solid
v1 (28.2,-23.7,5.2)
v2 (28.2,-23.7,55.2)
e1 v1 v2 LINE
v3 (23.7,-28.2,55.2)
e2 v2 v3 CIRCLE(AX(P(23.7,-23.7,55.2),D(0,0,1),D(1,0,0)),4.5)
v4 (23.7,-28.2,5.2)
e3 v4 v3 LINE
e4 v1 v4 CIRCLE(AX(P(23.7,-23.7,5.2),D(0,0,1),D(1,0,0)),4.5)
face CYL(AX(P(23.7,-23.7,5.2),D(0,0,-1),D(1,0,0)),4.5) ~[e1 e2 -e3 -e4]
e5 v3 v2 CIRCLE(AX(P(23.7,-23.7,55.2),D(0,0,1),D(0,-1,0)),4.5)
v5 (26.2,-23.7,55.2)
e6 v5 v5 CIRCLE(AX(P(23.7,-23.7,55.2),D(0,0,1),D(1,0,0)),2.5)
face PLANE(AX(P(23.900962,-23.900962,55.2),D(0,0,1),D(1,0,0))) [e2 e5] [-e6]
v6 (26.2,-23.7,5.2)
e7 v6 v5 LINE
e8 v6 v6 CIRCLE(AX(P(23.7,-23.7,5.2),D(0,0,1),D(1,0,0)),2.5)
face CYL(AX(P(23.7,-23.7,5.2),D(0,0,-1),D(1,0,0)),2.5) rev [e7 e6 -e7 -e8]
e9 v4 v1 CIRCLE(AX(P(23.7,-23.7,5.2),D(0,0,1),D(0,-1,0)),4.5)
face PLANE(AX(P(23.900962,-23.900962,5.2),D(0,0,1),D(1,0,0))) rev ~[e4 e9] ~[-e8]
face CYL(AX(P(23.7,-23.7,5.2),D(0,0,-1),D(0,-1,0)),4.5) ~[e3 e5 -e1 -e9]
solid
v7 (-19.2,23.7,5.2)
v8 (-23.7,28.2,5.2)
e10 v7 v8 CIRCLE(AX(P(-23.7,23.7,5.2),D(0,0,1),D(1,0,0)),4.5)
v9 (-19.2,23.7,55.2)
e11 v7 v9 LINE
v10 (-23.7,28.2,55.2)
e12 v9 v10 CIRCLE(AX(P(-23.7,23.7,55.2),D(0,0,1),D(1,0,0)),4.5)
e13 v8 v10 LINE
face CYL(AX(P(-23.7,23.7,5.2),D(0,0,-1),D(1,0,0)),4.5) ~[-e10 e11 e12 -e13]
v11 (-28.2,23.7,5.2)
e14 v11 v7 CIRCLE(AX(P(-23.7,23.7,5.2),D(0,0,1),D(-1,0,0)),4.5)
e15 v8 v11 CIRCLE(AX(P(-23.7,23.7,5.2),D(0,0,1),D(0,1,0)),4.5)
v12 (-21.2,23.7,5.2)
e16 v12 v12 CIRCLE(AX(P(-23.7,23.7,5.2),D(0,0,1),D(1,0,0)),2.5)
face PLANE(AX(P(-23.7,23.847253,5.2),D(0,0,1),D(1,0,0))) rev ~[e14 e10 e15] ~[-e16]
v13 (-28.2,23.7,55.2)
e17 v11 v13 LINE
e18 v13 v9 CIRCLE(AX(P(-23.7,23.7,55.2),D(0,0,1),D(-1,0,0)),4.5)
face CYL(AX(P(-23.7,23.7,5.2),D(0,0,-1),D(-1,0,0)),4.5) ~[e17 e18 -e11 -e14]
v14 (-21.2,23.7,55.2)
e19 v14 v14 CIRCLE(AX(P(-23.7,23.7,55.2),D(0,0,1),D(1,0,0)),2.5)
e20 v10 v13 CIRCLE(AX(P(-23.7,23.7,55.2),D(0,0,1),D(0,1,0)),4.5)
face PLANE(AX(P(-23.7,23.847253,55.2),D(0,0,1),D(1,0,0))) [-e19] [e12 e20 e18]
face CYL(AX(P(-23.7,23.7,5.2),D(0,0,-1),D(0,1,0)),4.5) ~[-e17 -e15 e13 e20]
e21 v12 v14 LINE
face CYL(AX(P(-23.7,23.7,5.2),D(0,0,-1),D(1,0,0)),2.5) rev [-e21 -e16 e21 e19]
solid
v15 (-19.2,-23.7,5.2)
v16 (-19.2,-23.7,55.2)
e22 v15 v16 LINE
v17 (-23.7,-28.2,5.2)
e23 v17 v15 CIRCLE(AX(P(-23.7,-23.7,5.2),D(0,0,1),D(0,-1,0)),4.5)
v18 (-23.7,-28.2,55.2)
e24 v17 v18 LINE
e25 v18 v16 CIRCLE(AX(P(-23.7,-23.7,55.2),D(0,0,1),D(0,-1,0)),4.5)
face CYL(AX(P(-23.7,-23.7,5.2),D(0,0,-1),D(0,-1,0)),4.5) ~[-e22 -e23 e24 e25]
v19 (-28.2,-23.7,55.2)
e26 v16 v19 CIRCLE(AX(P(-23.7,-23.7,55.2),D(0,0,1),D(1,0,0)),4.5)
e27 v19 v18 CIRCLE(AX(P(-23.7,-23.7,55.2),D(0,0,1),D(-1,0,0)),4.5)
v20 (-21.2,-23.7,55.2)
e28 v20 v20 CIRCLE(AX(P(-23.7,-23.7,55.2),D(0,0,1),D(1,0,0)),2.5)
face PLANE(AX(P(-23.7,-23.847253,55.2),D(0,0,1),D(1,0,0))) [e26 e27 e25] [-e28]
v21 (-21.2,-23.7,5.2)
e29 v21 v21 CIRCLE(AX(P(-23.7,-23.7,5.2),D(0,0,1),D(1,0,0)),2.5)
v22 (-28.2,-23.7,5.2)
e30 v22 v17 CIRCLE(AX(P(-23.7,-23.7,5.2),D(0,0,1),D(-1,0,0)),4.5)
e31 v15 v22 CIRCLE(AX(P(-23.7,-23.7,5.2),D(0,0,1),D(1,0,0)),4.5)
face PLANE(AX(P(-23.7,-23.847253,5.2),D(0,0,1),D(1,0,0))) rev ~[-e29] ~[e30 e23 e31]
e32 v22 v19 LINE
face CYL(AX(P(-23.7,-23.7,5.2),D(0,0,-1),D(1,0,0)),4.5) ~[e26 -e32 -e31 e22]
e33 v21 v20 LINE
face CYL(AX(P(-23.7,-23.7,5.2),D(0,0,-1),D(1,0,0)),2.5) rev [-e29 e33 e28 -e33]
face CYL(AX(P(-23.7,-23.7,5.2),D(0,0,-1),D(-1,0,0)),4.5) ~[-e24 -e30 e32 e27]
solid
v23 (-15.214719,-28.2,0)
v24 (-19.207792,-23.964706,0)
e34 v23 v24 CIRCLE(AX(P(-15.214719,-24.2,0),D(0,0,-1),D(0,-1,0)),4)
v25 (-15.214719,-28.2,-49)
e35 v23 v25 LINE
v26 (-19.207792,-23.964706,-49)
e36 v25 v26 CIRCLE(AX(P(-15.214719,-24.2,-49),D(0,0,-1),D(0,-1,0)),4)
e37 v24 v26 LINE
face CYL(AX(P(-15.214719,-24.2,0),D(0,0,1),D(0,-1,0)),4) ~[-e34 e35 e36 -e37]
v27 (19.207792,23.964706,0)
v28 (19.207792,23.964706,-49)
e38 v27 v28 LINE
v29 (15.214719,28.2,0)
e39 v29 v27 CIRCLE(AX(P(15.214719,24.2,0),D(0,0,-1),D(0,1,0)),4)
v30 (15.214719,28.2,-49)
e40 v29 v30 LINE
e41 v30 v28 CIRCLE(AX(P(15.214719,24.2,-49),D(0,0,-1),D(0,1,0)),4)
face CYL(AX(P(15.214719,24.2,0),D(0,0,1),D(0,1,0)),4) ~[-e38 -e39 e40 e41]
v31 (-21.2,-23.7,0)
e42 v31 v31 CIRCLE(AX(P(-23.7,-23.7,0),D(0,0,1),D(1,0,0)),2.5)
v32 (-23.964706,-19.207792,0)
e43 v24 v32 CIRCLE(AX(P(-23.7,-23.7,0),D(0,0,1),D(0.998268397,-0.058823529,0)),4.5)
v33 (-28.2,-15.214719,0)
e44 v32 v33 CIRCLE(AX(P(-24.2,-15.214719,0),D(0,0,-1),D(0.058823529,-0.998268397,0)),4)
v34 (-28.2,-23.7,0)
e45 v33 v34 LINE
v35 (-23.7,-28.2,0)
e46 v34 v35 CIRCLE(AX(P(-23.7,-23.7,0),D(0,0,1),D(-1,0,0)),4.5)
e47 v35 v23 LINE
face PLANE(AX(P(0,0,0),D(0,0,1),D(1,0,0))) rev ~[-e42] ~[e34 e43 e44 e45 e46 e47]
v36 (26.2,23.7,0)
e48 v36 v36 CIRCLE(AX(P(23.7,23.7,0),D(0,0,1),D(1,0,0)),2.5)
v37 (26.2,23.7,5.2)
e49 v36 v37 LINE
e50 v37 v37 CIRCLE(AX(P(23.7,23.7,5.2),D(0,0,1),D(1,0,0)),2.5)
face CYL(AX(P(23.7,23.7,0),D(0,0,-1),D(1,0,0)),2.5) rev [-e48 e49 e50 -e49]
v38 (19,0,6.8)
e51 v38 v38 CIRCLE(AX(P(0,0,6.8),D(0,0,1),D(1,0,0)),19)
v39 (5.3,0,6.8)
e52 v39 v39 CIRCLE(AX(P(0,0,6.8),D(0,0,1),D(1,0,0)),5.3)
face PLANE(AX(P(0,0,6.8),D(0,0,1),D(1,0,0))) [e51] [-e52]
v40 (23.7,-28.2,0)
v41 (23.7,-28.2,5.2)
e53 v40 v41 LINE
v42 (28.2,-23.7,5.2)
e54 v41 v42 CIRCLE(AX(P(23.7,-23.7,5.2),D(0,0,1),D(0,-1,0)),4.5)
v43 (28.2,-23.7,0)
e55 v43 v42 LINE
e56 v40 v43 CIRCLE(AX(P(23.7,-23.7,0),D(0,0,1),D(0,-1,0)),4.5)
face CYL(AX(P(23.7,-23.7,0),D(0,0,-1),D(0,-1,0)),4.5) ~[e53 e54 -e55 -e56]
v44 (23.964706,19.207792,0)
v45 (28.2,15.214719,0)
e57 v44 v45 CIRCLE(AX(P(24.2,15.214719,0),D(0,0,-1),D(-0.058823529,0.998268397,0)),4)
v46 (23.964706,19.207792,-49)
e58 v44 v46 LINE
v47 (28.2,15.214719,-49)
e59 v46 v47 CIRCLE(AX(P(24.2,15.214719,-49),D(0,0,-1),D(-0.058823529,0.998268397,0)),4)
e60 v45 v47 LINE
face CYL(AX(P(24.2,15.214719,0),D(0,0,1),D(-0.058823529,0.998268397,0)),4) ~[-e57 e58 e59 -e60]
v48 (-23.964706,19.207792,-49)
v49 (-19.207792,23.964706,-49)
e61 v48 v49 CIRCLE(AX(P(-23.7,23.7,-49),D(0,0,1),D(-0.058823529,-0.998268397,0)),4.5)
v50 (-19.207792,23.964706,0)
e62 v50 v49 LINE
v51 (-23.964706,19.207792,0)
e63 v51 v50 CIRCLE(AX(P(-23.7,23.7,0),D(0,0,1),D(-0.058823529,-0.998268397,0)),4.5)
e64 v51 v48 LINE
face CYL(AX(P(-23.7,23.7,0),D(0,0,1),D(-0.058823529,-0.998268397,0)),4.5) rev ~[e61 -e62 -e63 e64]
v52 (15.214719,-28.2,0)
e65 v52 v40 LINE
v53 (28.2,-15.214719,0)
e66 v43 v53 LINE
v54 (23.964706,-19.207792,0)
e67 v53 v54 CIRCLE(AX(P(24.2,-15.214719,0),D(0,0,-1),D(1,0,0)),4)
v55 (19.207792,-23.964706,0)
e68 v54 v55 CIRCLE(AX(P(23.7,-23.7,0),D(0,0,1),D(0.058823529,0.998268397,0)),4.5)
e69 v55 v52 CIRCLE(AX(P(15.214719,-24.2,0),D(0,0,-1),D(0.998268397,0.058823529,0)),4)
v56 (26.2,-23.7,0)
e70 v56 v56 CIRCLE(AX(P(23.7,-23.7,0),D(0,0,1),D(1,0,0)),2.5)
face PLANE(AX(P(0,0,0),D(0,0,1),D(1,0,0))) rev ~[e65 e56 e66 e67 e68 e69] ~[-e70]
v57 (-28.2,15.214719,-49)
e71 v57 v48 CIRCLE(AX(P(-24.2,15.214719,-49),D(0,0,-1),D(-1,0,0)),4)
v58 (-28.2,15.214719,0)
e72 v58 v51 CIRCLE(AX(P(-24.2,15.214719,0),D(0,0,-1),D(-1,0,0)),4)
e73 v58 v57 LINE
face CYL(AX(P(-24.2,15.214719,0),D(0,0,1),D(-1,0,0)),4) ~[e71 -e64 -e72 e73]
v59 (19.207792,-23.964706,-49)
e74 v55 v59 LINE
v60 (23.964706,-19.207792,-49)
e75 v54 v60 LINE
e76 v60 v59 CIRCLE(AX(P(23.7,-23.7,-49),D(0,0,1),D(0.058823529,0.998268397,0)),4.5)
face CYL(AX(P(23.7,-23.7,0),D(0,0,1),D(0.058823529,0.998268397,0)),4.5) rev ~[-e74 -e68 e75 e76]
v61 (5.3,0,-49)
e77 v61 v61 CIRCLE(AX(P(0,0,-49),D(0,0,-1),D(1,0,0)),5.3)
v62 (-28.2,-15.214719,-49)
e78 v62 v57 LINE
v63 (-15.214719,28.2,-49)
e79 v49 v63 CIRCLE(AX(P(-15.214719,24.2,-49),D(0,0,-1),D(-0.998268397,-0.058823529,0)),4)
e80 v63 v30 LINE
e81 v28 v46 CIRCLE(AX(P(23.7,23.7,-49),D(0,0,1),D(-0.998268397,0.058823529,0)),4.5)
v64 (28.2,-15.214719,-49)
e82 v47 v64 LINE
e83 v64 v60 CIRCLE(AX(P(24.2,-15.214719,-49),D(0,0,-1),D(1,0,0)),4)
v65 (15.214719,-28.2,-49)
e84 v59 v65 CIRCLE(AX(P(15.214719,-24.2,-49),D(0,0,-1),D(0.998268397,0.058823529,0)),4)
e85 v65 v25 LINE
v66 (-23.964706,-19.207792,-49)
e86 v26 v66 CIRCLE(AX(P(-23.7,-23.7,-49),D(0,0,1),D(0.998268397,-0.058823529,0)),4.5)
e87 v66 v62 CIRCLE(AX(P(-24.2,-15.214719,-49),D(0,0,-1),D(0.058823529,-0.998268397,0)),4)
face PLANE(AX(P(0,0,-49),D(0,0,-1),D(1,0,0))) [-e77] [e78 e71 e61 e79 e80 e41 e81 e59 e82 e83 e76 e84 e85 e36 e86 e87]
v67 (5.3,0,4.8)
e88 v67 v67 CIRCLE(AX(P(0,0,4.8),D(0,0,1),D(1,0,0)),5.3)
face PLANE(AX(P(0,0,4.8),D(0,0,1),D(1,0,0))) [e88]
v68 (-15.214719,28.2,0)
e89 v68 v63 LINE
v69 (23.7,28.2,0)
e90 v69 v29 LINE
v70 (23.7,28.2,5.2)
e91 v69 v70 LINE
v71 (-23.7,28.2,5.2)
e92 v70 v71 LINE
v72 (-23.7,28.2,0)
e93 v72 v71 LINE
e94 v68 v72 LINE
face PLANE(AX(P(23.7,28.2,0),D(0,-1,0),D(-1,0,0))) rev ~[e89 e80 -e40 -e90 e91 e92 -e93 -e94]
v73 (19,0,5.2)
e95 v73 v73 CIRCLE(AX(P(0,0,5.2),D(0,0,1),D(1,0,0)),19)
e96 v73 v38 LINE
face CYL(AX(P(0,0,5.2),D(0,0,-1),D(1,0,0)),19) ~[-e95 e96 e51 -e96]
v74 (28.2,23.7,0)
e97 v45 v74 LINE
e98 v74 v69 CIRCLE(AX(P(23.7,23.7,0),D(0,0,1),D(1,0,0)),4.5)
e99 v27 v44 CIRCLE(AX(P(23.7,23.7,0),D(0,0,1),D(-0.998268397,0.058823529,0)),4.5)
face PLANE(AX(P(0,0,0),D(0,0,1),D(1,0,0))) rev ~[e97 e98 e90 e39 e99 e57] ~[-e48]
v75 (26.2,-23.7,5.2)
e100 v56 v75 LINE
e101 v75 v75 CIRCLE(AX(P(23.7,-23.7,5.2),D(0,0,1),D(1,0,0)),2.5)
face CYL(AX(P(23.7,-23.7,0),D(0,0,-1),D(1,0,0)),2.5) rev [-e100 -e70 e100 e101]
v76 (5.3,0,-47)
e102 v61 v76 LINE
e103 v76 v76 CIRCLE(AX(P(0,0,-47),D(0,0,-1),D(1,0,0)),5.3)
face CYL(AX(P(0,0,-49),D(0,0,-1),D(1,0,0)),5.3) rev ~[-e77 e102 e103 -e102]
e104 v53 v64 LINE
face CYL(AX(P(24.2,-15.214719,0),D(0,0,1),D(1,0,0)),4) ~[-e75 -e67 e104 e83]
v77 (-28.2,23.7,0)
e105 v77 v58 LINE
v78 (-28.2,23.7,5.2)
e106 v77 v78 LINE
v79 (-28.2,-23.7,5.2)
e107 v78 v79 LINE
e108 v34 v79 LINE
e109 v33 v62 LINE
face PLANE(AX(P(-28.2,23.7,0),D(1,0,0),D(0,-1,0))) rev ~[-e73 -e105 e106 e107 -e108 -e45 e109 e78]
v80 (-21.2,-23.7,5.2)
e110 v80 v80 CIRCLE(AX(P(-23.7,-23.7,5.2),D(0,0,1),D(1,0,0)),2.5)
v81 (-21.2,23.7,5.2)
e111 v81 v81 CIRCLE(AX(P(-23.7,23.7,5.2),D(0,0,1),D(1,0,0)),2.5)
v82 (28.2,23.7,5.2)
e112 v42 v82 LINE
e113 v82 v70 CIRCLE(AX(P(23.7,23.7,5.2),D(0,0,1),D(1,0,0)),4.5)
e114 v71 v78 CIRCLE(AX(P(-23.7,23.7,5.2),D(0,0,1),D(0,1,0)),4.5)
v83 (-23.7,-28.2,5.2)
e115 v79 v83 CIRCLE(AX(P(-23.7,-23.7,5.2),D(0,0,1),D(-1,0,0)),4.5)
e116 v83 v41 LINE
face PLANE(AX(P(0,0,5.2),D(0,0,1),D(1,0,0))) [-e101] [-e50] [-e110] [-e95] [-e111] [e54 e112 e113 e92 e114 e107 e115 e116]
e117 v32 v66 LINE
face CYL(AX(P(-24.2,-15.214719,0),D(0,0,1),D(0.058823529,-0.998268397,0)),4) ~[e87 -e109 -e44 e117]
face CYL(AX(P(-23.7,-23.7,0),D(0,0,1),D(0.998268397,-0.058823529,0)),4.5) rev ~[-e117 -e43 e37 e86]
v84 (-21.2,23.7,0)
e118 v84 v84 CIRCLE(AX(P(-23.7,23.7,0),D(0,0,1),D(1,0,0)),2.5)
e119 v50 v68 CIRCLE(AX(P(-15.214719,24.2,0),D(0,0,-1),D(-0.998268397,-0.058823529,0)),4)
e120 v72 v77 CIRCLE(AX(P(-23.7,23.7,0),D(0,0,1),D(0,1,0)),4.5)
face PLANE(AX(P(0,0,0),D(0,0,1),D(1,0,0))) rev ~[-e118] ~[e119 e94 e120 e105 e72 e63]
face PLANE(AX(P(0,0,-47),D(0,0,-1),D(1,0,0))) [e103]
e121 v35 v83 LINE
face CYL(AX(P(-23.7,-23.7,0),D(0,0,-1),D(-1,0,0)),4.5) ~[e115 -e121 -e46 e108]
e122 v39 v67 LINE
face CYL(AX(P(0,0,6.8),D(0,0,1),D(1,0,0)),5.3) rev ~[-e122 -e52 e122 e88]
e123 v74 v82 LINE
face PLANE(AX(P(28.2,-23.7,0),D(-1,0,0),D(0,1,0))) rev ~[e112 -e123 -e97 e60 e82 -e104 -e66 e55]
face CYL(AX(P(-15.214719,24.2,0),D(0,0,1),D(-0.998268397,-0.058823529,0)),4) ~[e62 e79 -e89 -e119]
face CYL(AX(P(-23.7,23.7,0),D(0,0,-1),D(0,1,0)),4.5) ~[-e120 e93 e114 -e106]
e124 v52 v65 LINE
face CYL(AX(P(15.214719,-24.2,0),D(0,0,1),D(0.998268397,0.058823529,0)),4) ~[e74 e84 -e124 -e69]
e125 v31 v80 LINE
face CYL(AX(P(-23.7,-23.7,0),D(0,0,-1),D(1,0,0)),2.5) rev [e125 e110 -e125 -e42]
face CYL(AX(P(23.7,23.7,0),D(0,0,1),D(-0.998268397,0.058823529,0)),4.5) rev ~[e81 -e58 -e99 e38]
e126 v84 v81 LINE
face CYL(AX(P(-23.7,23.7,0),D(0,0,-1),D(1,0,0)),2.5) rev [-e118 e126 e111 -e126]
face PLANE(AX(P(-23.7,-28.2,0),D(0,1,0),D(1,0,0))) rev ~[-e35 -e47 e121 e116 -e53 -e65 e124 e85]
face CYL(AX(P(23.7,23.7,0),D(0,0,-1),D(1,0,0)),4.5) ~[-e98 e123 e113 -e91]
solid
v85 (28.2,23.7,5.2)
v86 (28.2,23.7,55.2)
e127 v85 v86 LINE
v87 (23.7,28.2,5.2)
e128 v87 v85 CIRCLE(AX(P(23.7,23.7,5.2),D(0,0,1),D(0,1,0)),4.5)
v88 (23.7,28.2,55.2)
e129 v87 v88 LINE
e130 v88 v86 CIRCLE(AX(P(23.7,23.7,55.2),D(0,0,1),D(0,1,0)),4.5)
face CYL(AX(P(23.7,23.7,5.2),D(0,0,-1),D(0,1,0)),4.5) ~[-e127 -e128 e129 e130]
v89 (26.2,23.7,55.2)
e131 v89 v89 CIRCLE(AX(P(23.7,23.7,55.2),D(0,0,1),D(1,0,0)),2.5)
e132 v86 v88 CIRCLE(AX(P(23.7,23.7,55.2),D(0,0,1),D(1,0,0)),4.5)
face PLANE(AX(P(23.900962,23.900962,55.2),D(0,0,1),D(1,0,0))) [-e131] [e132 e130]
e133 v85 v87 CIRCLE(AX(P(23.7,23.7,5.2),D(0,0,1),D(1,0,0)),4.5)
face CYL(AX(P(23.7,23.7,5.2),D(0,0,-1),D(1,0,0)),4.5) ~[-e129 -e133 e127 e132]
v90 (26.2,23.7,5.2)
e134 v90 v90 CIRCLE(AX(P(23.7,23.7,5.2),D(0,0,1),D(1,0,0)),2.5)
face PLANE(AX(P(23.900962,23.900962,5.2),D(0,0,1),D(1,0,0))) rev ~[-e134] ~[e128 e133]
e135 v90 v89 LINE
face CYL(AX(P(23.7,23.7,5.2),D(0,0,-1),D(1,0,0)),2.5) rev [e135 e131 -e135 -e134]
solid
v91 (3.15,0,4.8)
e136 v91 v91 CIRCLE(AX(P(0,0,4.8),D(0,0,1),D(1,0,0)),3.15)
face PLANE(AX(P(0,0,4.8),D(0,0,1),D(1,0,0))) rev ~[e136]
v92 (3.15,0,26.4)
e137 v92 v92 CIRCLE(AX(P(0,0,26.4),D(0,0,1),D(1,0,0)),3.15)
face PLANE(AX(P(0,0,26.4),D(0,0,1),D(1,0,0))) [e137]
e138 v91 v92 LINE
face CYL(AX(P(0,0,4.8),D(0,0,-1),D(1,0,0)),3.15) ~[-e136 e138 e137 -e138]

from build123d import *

# Parameters (mm, degrees)
F0_R      = 2.5
F1_DEPTH  = 5.2
F3_DEPTH  = 49
F4_R      = 19
F5_DEPTH  = 1.6
F6_R      = 5.3
F8_DEPTH  = 2
F9_R      = 3.15
F10_DEPTH = 21.6
F7_R      = 5.3
F11_DEPTH = 2
F12_R     = 2.5
F13_DEPTH = 50


with BuildPart() as f1:
    # F0 (on Top) → F1 (new body)
    with BuildSketch(Plane.XY):
        with BuildLine():
            Line((23.7, 28.2), (-23.7, 28.2))
            ThreePointArc((-23.7, 28.2), (-26.8819805153, 26.8819805153), (-28.2, 23.7))
            Line((-28.2, 23.7), (-28.2, -23.7))
            ThreePointArc((-28.2, -23.7), (-26.8819805153, -26.8819805153), (-23.7, -28.2))
            Line((-23.7, -28.2), (23.7, -28.2))
            ThreePointArc((23.7, -28.2), (26.8819805153, -26.8819805153), (28.2, -23.7))
            Line((28.2, -23.7), (28.2, 23.7))
            ThreePointArc((28.2, 23.7), (26.8819805153, 26.8819805153), (23.7, 28.2))
        make_face()
        with Locations((-23.7, -23.7)):
            Circle(F0_R, mode=Mode.SUBTRACT)
        with Locations((23.7, -23.7)):
            Circle(F0_R, mode=Mode.SUBTRACT)
        with Locations((-23.7, 23.7)):
            Circle(F0_R, mode=Mode.SUBTRACT)
        with Locations((23.7, 23.7)):
            Circle(F0_R, mode=Mode.SUBTRACT)
    extrude(amount=F1_DEPTH)

    # F2 (on face) → F3 (join)
    with BuildSketch(Plane(origin=(0, 0, 0), x_dir=(1, 0, 0), z_dir=(0, 0, -1))):
        with BuildLine():
            ThreePointArc((-19.2077922136, -23.9647058824), (-18.1251461262, -26.9439773623), (-15.2147186258, -28.2))
            Line((-15.2147186258, -28.2), (15.2147186258, -28.2))
            ThreePointArc((15.2147186258, -28.2), (18.1251461262, -26.9439773623), (19.2077922136, -23.9647058824))
            ThreePointArc((19.2077922136, -23.9647058824), (20.5180194847, -20.5180194847), (23.9647058824, -19.2077922136))
            ThreePointArc((23.9647058824, -19.2077922136), (26.9439773623, -18.1251461262), (28.2, -15.2147186258))
            Line((28.2, -15.2147186258), (28.2, 15.2147186258))
            ThreePointArc((28.2, 15.2147186258), (26.9439773623, 18.1251461262), (23.9647058824, 19.2077922136))
            ThreePointArc((23.9647058824, 19.2077922136), (20.5180194847, 20.5180194847), (19.2077922136, 23.9647058824))
            ThreePointArc((19.2077922136, 23.9647058824), (18.1251461262, 26.9439773623), (15.2147186258, 28.2))
            Line((15.2147186258, 28.2), (-15.2147186258, 28.2))
            ThreePointArc((-15.2147186258, 28.2), (-18.1251461262, 26.9439773623), (-19.2077922136, 23.9647058824))
            ThreePointArc((-19.2077922136, 23.9647058824), (-20.5180194847, 20.5180194847), (-23.9647058824, 19.2077922136))
            ThreePointArc((-23.9647058824, 19.2077922136), (-26.9439773623, 18.1251461262), (-28.2, 15.2147186258))
            Line((-28.2, 15.2147186258), (-28.2, -15.2147186258))
            ThreePointArc((-28.2, -15.2147186258), (-26.9439773623, -18.1251461262), (-23.9647058824, -19.2077922136))
            ThreePointArc((-23.9647058824, -19.2077922136), (-20.5180194847, -20.5180194847), (-19.2077922136, -23.9647058824))
        make_face()
    extrude(amount=F3_DEPTH)

    # F4 (on face) → F5 (join)
    with BuildSketch(Plane.XY.offset(5.2)):
        Circle(F4_R)
    extrude(amount=F5_DEPTH)

    # F6 (on face) → F8 (cut)
    with BuildSketch(Plane.XY.offset(6.8)):
        Circle(F6_R)
    extrude(amount=-F8_DEPTH, mode=Mode.SUBTRACT)

    # F7 (on face) → F11 (cut)
    with BuildSketch(Plane(origin=(0, 0, -49), x_dir=(1, 0, 0), z_dir=(0, 0, -1))):
        Circle(F7_R)
    extrude(amount=-F11_DEPTH, mode=Mode.SUBTRACT)


with BuildPart() as f10:
    # F9 (on face) → F10 (new body)
    with BuildSketch(Plane.XY.offset(4.8)):
        Circle(F9_R)
    extrude(amount=F10_DEPTH)


with BuildPart() as f13:
    # F12 (on face) → F13 (new body)
    with BuildSketch(Plane.XY.offset(5.2)):
        with BuildLine():
            ThreePointArc((23.7, -28.2), (26.8819805153, -26.8819805153), (28.2, -23.7))
            ThreePointArc((28.2, -23.7), (20.5180194847, -20.5180194847), (23.7, -28.2))
        make_face()
        with Locations((23.7, -23.7)):
            Circle(F12_R, mode=Mode.SUBTRACT)
    extrude(amount=F13_DEPTH)


with BuildPart() as f13b:
    # F12 (on face) → F13, piece 2 (new body)
    with BuildSketch(Plane.XY.offset(5.2)):
        with BuildLine():
            ThreePointArc((-19.2, -23.7), (-23.7, -19.2), (-28.2, -23.7))
            ThreePointArc((-28.2, -23.7), (-26.8819805153, -26.8819805153), (-23.7, -28.2))
            ThreePointArc((-23.7, -28.2), (-20.5180194847, -26.8819805153), (-19.2, -23.7))
        make_face()
        with Locations((-23.7, -23.7)):
            Circle(F12_R, mode=Mode.SUBTRACT)
    extrude(amount=F13_DEPTH)


with BuildPart() as f13c:
    # F12 (on face) → F13, piece 3 (new body)
    with BuildSketch(Plane.XY.offset(5.2)):
        with BuildLine():
            ThreePointArc((-28.2, 23.7), (-23.7, 19.2), (-19.2, 23.7))
            ThreePointArc((-19.2, 23.7), (-20.5180194847, 26.8819805153), (-23.7, 28.2))
            ThreePointArc((-23.7, 28.2), (-26.8819805153, 26.8819805153), (-28.2, 23.7))
        make_face()
        with Locations((-23.7, 23.7)):
            Circle(F12_R, mode=Mode.SUBTRACT)
    extrude(amount=F13_DEPTH)


with BuildPart() as f13d:
    # F12 (on face) → F13, piece 4 (new body)
    with BuildSketch(Plane.XY.offset(5.2)):
        with BuildLine():
            ThreePointArc((28.2, 23.7), (26.8819805153, 26.8819805153), (23.7, 28.2))
            ThreePointArc((23.7, 28.2), (20.5180194847, 20.5180194847), (28.2, 23.7))
        make_face()
        with Locations((23.7, 23.7)):
            Circle(F12_R, mode=Mode.SUBTRACT)
    extrude(amount=F13_DEPTH)


solid = Compound([f1.part, f10.part, f13.part, f13b.part, f13c.part, f13d.part])
